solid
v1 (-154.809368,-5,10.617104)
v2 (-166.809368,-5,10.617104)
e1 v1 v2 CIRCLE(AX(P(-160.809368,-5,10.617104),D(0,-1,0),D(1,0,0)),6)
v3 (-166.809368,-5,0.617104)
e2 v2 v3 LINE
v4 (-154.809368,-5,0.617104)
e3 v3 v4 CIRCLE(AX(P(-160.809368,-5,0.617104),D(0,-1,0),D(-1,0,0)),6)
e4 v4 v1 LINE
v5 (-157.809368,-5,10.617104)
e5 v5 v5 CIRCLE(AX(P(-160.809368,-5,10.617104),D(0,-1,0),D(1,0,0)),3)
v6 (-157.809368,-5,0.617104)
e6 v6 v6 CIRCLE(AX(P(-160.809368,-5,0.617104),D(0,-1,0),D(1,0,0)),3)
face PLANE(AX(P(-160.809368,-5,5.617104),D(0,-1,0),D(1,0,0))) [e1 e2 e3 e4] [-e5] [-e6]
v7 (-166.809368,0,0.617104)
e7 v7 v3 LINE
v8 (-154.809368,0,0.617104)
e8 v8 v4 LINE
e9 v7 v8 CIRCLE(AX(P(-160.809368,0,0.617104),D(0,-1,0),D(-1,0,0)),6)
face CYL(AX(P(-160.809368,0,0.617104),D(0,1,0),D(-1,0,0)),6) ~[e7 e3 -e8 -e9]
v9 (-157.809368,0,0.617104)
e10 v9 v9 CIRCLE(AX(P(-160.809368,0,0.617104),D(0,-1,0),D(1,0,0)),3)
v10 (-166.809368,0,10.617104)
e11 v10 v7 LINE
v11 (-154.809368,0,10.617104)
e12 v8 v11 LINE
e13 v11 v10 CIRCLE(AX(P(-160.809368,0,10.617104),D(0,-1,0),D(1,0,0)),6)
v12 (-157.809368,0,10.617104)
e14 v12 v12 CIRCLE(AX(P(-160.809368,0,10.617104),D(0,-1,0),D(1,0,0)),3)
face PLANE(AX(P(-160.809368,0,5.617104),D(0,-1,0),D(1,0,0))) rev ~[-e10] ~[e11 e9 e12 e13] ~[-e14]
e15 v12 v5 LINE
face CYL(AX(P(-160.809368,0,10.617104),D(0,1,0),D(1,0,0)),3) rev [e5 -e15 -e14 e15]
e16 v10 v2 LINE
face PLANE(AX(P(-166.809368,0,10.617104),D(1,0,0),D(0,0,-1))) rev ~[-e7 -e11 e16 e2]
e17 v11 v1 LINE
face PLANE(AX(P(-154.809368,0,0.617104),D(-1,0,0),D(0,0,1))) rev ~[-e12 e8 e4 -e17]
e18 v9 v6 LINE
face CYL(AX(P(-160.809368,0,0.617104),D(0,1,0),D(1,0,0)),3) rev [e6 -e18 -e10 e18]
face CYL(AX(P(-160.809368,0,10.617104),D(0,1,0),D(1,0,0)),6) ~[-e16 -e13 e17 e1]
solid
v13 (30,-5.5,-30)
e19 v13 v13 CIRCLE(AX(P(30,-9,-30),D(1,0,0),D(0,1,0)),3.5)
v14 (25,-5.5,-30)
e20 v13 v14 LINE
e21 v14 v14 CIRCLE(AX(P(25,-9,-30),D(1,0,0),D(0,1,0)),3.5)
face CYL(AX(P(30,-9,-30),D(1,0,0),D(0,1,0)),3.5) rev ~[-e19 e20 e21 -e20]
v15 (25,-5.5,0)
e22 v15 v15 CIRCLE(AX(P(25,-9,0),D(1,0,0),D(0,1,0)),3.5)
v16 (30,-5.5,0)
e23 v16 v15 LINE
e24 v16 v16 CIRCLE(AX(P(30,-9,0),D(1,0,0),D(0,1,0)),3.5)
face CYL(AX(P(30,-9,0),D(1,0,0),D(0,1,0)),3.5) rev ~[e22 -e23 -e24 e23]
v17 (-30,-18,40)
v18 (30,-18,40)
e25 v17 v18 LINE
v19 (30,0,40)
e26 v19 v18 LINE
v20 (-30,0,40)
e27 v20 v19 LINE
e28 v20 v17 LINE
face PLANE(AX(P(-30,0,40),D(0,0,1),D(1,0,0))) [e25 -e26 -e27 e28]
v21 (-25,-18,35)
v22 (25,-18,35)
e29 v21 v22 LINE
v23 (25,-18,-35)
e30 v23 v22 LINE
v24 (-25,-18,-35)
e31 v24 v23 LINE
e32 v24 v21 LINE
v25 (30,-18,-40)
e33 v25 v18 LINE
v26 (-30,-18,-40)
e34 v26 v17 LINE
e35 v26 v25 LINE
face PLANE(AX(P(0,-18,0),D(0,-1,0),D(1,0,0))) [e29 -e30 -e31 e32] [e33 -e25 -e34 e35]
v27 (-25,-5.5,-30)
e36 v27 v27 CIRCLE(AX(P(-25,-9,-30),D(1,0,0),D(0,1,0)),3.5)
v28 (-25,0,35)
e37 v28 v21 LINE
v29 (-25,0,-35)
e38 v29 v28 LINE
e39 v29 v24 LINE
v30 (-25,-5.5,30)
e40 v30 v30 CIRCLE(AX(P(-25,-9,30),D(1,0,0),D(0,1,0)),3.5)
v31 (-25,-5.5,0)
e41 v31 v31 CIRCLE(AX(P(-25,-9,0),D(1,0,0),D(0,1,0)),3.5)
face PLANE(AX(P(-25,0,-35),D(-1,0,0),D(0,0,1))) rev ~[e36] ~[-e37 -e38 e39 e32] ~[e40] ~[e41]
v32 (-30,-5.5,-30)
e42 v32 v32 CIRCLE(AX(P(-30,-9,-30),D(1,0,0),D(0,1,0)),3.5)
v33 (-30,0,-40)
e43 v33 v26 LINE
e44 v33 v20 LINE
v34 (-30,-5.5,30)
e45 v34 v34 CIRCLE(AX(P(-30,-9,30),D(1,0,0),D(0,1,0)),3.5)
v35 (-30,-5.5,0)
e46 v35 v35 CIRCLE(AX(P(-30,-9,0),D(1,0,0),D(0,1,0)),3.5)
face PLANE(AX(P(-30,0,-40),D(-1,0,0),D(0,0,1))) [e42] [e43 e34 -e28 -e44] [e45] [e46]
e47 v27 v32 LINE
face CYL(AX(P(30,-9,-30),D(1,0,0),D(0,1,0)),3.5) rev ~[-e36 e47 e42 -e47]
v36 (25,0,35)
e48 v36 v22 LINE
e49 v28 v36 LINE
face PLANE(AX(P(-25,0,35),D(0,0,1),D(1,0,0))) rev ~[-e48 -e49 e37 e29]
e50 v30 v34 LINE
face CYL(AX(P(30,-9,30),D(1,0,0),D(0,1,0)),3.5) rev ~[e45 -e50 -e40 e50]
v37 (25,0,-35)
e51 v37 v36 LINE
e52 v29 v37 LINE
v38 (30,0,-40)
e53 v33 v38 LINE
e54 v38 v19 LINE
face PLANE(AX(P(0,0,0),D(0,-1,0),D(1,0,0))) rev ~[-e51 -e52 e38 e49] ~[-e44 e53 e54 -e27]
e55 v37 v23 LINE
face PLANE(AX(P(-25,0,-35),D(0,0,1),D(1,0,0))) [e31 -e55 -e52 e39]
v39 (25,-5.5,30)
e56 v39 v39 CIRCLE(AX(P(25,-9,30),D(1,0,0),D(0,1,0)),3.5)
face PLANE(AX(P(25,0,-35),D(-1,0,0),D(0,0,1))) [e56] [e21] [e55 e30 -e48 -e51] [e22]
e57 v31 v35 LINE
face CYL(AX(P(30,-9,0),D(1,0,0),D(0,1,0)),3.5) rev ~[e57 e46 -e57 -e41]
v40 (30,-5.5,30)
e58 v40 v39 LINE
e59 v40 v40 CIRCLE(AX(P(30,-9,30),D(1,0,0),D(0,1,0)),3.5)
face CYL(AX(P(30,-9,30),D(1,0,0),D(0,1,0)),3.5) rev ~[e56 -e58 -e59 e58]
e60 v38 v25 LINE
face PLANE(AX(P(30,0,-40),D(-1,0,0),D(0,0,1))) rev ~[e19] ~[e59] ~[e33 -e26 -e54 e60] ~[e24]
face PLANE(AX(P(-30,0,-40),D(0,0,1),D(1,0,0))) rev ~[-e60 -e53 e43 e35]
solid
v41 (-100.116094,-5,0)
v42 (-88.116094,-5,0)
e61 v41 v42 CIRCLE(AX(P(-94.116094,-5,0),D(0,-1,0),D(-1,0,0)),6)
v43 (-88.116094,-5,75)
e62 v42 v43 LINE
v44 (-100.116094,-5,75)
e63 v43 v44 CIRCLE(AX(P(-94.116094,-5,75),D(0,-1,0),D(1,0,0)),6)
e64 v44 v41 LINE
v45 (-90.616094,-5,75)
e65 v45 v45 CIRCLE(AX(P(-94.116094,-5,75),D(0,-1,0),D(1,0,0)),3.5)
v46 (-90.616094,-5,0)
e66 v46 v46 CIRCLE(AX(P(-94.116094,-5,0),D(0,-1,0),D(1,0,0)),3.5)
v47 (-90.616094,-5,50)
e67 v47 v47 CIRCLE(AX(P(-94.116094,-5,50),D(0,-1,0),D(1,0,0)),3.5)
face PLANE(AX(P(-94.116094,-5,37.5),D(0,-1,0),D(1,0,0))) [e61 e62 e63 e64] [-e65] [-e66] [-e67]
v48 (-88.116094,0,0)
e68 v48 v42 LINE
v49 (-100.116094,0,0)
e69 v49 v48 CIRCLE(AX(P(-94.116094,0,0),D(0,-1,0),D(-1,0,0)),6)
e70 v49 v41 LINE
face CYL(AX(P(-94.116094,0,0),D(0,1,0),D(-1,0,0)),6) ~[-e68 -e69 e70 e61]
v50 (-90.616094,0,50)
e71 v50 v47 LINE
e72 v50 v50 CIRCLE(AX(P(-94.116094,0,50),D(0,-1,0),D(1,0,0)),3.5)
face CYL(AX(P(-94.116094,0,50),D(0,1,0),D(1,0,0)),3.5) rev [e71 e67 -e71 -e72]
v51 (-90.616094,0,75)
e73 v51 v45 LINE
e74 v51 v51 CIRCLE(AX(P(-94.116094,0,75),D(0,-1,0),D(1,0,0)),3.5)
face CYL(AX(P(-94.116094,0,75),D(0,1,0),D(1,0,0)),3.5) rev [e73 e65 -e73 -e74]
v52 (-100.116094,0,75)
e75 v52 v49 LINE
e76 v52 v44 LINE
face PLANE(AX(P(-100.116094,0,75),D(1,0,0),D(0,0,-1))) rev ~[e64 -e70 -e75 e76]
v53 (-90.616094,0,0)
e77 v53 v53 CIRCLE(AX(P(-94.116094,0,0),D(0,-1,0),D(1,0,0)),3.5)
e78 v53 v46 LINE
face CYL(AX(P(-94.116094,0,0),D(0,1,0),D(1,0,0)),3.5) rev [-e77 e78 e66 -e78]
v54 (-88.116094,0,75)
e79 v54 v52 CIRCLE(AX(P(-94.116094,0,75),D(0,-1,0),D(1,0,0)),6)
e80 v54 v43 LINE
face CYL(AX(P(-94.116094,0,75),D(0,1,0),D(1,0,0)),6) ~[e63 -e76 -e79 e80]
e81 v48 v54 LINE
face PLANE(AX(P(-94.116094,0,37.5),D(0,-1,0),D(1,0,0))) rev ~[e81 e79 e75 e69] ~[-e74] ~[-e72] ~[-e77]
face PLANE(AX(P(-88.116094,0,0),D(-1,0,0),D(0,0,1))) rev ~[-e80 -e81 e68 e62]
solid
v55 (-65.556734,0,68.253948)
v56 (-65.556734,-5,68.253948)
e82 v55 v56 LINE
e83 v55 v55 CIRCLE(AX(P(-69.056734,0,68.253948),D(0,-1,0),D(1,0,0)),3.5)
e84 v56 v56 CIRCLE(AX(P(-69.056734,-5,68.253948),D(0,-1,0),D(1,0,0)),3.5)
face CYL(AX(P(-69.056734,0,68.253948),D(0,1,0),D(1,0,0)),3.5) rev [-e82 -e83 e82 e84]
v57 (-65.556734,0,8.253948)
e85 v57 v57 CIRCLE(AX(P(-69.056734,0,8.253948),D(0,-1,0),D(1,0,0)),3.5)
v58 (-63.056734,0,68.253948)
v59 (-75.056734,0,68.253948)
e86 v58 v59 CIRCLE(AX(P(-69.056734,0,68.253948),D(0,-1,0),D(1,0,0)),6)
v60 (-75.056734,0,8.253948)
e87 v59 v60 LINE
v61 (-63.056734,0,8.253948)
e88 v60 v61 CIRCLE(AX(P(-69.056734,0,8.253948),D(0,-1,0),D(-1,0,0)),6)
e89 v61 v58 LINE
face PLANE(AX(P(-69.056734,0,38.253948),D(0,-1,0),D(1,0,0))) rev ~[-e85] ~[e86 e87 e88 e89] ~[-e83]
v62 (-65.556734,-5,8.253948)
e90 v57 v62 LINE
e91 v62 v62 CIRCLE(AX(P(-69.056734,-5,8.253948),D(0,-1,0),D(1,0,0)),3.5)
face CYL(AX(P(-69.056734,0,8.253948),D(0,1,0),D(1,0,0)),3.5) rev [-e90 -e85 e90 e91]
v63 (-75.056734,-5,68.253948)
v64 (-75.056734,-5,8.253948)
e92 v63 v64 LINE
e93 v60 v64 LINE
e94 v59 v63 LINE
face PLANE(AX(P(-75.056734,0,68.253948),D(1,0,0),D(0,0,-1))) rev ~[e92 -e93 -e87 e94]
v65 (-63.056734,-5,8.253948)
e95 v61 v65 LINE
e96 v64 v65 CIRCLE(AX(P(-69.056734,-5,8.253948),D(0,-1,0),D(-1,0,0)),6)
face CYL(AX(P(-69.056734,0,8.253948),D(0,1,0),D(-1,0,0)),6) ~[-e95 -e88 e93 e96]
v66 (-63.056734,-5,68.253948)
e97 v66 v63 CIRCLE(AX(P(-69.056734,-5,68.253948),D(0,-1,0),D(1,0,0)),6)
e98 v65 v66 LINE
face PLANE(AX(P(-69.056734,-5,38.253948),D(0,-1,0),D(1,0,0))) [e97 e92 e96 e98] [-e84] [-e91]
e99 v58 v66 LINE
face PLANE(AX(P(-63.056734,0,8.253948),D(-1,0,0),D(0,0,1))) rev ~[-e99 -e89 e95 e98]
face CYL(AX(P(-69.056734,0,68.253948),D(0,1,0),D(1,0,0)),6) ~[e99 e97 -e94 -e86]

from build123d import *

# Parameters (mm, degrees)
F0_W     = 60
F0_H     = 80
F0_W_2   = 50
F0_H_2   = 70
F1_DEPTH = 18
F2_R     = 3.5
F3_DEPTH = 60.001
F4_R     = 3.5
F5_DEPTH = 5
F6_R     = 3.5
F7_DEPTH = 5
F8_R     = 3
F9_DEPTH = 5


with BuildPart() as f1:
    # F0 (on Front) → F1 (new body)
    with BuildSketch(Plane.XZ):
        Rectangle(F0_W, F0_H)
        Rectangle(F0_W_2, F0_H_2, mode=Mode.SUBTRACT)
    extrude(amount=F1_DEPTH)

    # F2 (on face) → F3 (cut, through all)
    with BuildSketch(Plane.YZ.offset(30)):
        with Locations((-9, -30)):
            Circle(F2_R)
        with Locations((-9, 0)):
            Circle(F2_R)
        with Locations((-9, 30)):
            Circle(F2_R)
    extrude(amount=-F3_DEPTH, mode=Mode.SUBTRACT)


with BuildPart() as f5:
    # F4 (on Front) → F5 (new body)
    with BuildSketch(Plane.XZ):
        with BuildLine():
            ThreePointArc((-100.116094, 0), (-94.116094, -6), (-88.116094, 0))
            Line((-88.116094, 0), (-88.116094, 75))
            ThreePointArc((-88.116094, 75), (-94.116094, 81), (-100.116094, 75))
            Line((-100.116094, 75), (-100.116094, 0))
        make_face()
        with Locations((-94.116094, 0)):
            Circle(F4_R, mode=Mode.SUBTRACT)
        with Locations((-94.116094, 50)):
            Circle(F4_R, mode=Mode.SUBTRACT)
        with Locations((-94.116094, 75)):
            Circle(F4_R, mode=Mode.SUBTRACT)
    extrude(amount=F5_DEPTH)


with BuildPart() as f7:
    # F6 (on Front) → F7 (new body)
    with BuildSketch(Plane.XZ):
        with BuildLine():
            ThreePointArc((-75.056734, 8.253948), (-69.056734, 2.253948), (-63.056734, 8.253948))
            Line((-63.056734, 8.253948), (-63.056734, 68.253948))
            ThreePointArc((-63.056734, 68.253948), (-69.056734, 74.253948), (-75.056734, 68.253948))
            Line((-75.056734, 68.253948), (-75.056734, 8.253948))
        make_face()
        with Locations((-69.056734, 8.253948)):
            Circle(F6_R, mode=Mode.SUBTRACT)
        with Locations((-69.056734, 68.253948)):
            Circle(F6_R, mode=Mode.SUBTRACT)
    extrude(amount=F7_DEPTH)


with BuildPart() as f9:
    # F8 (on Front) → F9 (new body)
    with BuildSketch(Plane.XZ):
        with BuildLine():
            Line((-166.809368, 10.617104), (-166.809368, 0.617104))
            ThreePointArc((-166.809368, 0.617104), (-160.809368, -5.382896), (-154.809368, 0.617104))
            Line((-154.809368, 0.617104), (-154.809368, 10.617104))
            ThreePointArc((-154.809368, 10.617104), (-160.809368, 16.617104), (-166.809368, 10.617104))
        make_face()
        with Locations((-160.809368, 0.617104)):
            Circle(F8_R, mode=Mode.SUBTRACT)
        with Locations((-160.809368, 10.617104)):
            Circle(F8_R, mode=Mode.SUBTRACT)
    extrude(amount=F9_DEPTH)


solid = Compound([f1.part, f5.part, f7.part, f9.part])
